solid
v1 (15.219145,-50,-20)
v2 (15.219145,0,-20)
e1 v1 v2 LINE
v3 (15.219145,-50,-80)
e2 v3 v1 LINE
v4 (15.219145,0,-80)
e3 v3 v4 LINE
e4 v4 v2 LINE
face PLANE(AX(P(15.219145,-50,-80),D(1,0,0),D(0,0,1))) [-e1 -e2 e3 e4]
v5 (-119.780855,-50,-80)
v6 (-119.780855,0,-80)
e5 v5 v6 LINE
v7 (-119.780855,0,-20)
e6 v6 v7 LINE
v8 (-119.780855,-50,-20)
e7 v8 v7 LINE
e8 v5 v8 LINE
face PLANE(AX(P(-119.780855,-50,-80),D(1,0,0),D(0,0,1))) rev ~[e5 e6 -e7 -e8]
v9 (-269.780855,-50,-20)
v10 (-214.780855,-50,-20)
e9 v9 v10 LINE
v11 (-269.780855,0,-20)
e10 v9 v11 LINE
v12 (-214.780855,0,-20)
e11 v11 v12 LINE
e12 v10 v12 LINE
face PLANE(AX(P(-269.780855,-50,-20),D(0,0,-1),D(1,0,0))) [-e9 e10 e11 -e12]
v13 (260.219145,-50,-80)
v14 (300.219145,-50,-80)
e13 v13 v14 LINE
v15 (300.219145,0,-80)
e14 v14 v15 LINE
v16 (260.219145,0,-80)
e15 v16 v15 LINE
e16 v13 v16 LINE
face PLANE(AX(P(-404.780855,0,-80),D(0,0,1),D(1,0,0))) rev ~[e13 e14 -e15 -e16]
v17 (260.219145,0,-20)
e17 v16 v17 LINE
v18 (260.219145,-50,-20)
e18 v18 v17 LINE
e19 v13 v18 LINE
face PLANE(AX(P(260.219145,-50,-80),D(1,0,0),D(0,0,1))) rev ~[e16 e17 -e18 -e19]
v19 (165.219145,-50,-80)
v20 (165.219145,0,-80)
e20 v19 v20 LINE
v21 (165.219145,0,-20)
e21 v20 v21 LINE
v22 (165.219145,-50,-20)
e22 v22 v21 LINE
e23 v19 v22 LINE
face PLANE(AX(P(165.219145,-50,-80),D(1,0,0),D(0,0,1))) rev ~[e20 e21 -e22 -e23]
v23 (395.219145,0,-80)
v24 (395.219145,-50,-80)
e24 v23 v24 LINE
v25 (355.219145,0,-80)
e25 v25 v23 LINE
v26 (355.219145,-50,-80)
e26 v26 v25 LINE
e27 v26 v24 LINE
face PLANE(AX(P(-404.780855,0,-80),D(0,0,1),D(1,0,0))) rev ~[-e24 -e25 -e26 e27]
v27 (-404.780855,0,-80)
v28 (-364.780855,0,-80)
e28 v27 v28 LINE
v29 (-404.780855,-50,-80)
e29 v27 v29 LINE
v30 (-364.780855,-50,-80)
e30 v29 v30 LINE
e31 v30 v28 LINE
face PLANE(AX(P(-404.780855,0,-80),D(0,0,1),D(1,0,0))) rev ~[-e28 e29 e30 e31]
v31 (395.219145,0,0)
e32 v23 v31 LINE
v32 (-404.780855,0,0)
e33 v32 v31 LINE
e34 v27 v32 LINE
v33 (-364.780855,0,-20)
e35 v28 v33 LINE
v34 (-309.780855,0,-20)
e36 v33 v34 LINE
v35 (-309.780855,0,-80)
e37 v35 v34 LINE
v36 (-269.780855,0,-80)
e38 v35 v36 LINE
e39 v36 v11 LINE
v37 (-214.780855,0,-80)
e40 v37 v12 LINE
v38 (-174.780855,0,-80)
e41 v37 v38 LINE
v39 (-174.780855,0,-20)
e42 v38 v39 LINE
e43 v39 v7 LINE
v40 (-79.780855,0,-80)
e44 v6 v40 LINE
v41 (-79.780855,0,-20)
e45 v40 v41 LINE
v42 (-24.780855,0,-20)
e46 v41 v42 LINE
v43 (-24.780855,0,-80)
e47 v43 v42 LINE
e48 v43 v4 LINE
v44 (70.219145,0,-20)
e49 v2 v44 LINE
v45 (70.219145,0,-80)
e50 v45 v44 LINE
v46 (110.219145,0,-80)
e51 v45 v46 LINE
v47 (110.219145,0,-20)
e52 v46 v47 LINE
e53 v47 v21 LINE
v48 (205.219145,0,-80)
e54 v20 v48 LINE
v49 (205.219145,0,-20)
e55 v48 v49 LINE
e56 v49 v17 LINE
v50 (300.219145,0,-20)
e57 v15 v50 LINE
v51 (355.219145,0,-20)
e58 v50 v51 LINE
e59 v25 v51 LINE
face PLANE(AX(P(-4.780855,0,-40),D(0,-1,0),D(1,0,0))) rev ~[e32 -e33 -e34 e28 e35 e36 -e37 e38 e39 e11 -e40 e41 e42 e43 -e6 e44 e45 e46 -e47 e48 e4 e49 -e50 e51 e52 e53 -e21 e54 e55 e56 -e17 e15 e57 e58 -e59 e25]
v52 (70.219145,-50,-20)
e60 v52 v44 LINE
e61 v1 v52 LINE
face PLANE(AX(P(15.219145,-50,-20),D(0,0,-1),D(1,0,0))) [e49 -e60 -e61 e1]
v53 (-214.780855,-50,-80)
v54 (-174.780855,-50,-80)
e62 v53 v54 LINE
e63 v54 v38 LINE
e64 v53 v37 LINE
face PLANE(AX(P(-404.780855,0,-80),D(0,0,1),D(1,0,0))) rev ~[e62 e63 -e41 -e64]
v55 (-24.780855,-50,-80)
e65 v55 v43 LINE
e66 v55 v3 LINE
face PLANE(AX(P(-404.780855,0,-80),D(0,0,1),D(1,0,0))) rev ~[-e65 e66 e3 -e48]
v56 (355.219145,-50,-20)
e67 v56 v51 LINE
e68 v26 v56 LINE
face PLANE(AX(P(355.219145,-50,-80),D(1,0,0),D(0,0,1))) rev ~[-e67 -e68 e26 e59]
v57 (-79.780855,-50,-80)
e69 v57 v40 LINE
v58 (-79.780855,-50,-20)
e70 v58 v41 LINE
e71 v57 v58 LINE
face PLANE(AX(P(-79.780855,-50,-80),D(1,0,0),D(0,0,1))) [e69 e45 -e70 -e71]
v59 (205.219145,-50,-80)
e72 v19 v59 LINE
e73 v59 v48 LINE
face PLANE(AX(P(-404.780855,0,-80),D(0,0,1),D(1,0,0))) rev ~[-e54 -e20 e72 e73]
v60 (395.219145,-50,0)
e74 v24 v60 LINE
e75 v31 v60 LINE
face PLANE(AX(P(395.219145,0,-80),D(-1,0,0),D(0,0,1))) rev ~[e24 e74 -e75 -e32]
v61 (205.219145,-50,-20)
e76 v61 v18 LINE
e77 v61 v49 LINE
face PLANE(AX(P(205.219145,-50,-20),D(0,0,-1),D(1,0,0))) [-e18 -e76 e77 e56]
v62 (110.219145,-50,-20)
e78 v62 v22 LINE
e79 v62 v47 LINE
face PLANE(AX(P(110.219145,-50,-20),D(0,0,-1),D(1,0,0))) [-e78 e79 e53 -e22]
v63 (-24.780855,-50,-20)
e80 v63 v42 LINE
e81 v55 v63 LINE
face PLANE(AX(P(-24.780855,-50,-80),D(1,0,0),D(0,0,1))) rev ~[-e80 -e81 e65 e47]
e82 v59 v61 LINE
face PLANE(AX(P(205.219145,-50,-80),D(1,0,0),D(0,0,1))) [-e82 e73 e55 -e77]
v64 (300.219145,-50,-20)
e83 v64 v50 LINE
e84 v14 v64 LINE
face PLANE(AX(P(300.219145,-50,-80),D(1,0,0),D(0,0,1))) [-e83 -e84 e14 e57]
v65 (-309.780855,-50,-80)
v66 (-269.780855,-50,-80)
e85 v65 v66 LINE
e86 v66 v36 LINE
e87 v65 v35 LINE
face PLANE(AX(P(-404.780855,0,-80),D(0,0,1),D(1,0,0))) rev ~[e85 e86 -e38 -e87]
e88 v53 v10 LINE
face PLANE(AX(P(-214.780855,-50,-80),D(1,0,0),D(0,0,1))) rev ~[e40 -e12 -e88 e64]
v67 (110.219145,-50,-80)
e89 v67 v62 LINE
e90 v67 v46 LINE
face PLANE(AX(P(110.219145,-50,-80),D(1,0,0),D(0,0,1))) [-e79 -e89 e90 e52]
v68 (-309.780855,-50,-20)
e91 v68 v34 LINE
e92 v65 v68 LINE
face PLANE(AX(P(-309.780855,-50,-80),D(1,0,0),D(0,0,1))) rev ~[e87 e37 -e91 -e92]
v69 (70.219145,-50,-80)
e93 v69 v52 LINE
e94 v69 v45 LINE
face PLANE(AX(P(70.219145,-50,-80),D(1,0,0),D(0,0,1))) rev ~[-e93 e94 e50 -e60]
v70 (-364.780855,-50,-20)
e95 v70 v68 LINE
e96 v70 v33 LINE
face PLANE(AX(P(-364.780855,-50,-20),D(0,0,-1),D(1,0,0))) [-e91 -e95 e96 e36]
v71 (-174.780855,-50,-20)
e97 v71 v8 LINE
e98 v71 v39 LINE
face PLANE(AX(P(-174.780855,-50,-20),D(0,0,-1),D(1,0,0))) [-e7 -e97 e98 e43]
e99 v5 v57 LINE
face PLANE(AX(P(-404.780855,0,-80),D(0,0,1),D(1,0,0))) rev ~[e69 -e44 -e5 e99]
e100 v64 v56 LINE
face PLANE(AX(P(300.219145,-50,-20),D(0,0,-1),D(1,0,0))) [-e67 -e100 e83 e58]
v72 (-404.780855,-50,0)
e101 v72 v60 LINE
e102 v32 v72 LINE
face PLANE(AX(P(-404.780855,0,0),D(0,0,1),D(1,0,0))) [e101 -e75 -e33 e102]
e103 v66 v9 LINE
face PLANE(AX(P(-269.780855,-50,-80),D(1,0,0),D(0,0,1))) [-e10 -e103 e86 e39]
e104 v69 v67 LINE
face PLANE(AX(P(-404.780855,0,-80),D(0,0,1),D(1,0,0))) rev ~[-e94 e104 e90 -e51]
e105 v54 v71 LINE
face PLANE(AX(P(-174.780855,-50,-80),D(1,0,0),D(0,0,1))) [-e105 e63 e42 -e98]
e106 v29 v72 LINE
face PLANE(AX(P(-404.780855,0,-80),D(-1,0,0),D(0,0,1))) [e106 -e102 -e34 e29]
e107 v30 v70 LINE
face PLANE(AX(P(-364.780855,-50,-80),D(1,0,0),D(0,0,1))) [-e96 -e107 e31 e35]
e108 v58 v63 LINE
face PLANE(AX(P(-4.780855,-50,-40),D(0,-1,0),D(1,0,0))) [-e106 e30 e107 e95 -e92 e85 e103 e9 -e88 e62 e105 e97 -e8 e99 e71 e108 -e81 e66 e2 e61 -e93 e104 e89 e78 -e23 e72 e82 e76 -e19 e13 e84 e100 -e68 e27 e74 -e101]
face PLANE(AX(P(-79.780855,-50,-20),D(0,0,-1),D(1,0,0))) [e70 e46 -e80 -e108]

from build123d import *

# Parameters (mm, degrees)
F0_W     = 800
F0_H     = 80
F1_DEPTH = 50
F2_W     = 55
F2_H     = 60
F3_DEPTH = 50


with BuildPart() as f1:
    # F0 (on Front) → F1 (new body)
    with BuildSketch(Plane.XZ):
        with Locations((-4.780855, -40)):
            Rectangle(F0_W, F0_H)
    extrude(amount=F1_DEPTH)

    # F2 (on face) → F3 (cut)
    with BuildSketch(Plane.XZ.offset(50)):
        with Locations((-337.280855, -50)):
            Rectangle(F2_W, F2_H)
        with Locations((-242.280855, -50)):
            Rectangle(F2_W, F2_H)
        with Locations((-147.280855, -50)):
            Rectangle(F2_W, F2_H)
        with Locations((-52.280855, -50)):
            Rectangle(F2_W, F2_H)
        with Locations((42.719145, -50)):
            Rectangle(F2_W, F2_H)
        with Locations((137.719145, -50)):
            Rectangle(F2_W, F2_H)
        with Locations((232.719145, -50)):
            Rectangle(F2_W, F2_H)
        with Locations((327.719145, -50)):
            Rectangle(F2_W, F2_H)
    extrude(amount=-F3_DEPTH, mode=Mode.SUBTRACT)


solid = f1.part
